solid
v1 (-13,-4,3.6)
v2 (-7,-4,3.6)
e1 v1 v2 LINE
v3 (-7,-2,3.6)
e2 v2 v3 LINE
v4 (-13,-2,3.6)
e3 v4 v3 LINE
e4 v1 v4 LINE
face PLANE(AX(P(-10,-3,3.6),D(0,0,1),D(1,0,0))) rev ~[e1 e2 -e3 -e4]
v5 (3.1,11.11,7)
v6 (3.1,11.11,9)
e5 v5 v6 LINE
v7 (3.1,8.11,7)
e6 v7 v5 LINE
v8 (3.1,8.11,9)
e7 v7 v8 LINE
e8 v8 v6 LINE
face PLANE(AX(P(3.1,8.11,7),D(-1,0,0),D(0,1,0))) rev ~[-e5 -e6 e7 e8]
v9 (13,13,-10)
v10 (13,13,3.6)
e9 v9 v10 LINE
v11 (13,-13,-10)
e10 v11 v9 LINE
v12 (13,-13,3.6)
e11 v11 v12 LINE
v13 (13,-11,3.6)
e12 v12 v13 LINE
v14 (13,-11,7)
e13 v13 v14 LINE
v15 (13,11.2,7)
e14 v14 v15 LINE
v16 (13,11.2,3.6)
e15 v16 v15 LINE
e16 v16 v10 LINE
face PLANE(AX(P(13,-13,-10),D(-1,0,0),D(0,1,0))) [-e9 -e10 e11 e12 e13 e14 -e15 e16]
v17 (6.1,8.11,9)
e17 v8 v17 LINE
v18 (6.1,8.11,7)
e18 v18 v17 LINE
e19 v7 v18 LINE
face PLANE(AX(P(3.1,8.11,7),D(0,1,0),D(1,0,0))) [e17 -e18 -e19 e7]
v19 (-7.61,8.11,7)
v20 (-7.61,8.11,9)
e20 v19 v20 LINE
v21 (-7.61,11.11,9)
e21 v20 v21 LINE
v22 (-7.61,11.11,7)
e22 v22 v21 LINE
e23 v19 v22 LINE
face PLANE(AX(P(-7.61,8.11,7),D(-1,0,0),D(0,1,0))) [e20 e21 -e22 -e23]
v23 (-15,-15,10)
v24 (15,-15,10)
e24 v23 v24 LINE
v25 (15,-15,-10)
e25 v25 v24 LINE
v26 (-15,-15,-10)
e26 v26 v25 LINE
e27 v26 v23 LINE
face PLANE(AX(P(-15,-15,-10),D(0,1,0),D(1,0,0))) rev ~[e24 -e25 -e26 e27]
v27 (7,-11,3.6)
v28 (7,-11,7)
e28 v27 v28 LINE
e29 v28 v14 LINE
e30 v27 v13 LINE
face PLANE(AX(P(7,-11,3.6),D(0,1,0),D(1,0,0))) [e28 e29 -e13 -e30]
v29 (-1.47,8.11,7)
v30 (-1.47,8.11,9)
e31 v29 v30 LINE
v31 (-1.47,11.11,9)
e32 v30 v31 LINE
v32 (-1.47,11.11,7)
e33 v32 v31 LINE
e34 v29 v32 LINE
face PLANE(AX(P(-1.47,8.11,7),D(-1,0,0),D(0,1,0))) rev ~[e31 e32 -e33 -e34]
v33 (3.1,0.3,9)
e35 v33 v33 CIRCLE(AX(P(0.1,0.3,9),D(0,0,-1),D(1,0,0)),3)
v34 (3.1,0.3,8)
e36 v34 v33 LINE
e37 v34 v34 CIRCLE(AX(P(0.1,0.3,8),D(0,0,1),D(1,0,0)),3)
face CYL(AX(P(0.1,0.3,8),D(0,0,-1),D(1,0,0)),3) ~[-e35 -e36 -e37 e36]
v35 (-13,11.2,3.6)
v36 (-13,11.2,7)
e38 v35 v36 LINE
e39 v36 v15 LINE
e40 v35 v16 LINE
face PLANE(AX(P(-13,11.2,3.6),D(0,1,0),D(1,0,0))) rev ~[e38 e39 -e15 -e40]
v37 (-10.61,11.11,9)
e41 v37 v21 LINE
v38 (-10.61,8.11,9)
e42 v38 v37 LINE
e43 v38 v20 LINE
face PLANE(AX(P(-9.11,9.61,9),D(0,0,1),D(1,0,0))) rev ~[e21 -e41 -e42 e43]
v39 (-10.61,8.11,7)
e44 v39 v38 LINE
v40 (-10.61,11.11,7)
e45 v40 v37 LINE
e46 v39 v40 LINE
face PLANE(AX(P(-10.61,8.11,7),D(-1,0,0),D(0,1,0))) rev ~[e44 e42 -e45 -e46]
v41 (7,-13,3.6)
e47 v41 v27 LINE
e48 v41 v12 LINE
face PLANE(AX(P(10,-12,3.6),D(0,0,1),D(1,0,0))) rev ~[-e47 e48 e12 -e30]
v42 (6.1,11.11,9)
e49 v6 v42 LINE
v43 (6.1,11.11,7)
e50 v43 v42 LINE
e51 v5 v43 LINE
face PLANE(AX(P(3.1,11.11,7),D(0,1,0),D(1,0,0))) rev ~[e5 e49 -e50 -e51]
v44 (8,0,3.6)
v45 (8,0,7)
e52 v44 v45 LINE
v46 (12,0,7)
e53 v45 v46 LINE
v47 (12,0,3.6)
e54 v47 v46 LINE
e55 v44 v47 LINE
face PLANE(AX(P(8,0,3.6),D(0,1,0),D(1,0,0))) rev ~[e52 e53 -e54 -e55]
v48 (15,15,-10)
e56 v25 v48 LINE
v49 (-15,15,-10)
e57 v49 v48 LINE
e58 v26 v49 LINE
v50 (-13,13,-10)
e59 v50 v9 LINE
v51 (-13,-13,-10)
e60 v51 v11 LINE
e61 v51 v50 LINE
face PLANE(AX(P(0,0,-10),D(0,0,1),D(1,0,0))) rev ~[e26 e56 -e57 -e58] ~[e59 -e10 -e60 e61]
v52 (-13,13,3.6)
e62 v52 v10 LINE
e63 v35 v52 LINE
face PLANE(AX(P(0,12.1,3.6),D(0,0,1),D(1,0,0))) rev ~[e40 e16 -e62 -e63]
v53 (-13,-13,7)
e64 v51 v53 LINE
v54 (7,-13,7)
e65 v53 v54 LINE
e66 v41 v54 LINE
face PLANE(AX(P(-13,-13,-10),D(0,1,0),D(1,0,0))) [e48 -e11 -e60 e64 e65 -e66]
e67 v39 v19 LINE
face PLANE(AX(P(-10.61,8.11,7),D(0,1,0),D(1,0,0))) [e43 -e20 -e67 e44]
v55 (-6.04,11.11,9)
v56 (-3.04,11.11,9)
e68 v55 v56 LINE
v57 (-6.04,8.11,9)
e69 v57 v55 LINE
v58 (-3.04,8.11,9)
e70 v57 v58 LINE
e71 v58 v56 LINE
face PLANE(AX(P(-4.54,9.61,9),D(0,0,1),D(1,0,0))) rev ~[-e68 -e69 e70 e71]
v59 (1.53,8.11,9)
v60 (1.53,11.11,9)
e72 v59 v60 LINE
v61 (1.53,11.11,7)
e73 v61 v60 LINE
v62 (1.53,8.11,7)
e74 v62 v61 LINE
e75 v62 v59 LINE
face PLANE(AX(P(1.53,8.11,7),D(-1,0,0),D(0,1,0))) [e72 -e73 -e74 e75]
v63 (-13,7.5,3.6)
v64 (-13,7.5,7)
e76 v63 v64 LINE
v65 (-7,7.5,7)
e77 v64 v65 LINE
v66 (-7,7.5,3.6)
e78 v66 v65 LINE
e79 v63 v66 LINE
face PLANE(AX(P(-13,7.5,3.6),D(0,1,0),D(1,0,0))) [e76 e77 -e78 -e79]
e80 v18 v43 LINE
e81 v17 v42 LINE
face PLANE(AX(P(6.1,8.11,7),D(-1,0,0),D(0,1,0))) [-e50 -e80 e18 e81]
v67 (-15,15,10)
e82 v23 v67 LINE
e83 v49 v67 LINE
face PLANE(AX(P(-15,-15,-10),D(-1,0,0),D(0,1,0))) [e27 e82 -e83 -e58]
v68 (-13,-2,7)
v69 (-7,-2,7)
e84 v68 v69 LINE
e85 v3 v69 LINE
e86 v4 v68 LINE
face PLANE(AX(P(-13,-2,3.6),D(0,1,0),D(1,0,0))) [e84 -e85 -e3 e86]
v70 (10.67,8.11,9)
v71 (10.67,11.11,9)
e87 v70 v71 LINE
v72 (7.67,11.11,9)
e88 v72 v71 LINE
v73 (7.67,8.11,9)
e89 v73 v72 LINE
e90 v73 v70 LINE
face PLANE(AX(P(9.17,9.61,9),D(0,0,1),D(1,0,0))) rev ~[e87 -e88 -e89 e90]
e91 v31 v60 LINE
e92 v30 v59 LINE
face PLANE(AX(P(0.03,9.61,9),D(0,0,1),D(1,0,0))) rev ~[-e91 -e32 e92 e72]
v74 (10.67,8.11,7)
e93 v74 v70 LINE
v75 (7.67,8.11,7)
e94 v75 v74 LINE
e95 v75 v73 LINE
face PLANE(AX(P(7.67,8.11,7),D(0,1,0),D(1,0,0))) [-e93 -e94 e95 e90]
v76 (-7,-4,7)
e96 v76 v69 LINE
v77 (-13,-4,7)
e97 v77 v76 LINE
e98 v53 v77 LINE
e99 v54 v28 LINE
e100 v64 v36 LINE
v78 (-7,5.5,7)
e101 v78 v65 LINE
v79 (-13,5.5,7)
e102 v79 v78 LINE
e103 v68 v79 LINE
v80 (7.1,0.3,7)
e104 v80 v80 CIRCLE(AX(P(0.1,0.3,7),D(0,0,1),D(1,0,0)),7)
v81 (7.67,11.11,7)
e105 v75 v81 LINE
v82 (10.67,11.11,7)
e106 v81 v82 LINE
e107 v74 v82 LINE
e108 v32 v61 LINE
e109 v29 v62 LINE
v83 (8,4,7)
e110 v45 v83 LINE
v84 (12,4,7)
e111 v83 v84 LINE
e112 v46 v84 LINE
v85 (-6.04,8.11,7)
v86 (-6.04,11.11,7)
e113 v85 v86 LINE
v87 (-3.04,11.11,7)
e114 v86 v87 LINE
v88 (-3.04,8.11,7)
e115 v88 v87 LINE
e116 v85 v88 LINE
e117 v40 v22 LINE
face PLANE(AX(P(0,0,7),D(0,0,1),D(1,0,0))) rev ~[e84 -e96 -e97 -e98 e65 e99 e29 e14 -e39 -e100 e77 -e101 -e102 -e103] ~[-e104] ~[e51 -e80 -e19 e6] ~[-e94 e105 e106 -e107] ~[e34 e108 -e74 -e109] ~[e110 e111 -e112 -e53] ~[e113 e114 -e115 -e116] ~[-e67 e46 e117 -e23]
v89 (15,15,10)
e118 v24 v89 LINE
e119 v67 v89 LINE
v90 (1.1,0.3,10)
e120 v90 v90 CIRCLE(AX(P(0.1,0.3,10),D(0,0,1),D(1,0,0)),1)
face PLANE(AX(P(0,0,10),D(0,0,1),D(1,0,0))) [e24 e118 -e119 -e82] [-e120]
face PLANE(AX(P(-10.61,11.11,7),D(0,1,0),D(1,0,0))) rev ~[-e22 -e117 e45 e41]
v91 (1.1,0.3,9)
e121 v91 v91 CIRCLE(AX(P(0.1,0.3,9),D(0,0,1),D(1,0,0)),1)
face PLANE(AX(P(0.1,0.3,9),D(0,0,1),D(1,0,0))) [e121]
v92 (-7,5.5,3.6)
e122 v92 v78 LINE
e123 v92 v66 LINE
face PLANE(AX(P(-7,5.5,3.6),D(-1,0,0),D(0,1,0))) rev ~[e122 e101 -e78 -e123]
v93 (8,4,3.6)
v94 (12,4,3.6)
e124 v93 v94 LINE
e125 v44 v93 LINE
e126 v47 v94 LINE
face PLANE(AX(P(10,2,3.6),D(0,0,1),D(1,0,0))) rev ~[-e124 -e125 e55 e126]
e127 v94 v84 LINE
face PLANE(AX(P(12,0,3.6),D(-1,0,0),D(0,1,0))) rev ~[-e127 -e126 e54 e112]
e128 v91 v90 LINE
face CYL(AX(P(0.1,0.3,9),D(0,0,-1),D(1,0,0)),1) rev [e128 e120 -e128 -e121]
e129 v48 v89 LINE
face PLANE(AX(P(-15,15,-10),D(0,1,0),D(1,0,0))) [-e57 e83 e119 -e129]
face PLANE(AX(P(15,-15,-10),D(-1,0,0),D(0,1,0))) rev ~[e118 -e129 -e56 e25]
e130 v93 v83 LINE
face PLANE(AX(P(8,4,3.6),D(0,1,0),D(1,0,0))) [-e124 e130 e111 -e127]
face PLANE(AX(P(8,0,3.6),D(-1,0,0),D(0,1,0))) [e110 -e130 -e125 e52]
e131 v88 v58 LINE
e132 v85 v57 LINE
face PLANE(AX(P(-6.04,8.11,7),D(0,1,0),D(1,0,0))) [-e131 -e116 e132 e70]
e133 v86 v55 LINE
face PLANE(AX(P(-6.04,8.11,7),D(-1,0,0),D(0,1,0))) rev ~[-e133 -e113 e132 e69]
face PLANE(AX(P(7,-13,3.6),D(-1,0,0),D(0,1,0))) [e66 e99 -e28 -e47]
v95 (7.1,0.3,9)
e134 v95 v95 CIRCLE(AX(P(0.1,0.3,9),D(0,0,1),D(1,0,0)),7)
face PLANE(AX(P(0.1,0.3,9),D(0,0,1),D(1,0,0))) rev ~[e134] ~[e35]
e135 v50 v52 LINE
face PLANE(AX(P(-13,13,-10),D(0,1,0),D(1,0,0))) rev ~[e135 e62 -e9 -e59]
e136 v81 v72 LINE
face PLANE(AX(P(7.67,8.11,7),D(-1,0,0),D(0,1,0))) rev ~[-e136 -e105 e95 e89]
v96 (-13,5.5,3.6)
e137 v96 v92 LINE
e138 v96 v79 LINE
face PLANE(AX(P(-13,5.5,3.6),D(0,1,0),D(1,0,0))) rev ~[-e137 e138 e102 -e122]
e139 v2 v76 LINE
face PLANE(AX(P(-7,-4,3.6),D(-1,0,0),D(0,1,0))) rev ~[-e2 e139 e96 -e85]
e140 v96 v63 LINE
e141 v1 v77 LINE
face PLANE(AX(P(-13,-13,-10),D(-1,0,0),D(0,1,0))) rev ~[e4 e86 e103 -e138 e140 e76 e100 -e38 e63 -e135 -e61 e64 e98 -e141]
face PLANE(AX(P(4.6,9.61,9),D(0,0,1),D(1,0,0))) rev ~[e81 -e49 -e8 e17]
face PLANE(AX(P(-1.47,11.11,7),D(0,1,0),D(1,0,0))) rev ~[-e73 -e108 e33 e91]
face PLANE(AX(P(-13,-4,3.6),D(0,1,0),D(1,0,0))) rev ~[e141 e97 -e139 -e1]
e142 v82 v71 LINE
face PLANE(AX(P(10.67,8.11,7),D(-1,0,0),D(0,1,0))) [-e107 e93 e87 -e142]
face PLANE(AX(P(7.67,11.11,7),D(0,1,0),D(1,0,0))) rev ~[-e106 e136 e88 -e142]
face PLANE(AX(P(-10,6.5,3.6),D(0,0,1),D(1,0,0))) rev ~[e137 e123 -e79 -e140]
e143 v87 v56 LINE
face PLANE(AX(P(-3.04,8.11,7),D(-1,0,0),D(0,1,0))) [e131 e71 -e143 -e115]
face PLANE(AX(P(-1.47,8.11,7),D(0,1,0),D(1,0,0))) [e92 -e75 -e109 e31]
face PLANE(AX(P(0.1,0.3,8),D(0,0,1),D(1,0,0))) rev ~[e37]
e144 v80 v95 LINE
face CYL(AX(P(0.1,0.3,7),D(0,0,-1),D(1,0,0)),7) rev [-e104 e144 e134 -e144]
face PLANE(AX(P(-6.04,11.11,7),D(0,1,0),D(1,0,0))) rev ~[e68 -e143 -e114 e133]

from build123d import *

# Parameters (mm, degrees)
CYLINDER002_R     = 1
CYLINDER002_DEPTH = 1
BOX006_W          = 3
BOX006_H          = 3
BOX006_DEPTH      = 2
BOX005_W          = 3
BOX005_H          = 3
BOX005_DEPTH      = 2
BOX003_W          = 3
BOX003_H          = 3
BOX003_DEPTH      = 2
BOX004_W          = 3
BOX004_H          = 3
BOX004_DEPTH      = 2
BOX002_W          = 3
BOX002_H          = 3
BOX002_DEPTH      = 2
CYLINDER_R        = 7
CYLINDER_DEPTH    = 2
BOX_W             = 26
BOX_H             = 26
BOX_DEPTH         = 17
BOX001_W          = 30
BOX001_H          = 30
BOX001_DEPTH      = 20
CYLINDER001_R     = 3
CYLINDER001_DEPTH = 2
BOX010_W          = 6
BOX010_H          = 2
BOX010_DEPTH      = 3.4
BOX008_W          = 4
BOX008_H          = 4
BOX008_DEPTH      = 3.4
BOX007_W          = 26
BOX007_H          = 1.8
BOX007_DEPTH      = 3.4
BOX009_W          = 6
BOX009_H          = 2
BOX009_DEPTH      = 3.4
BOX011_W          = 6
BOX011_H          = 2
BOX011_DEPTH      = 3.4


with BuildPart() as buttouch001:
    # Cylinder002 → Cylinder002 (new body)
    with BuildSketch(Plane(origin=(0.1, 0.3, 9), x_dir=(1, 0, 0), z_dir=(0, 0, 1))):
        Circle(CYLINDER002_R)
    extrude(amount=CYLINDER002_DEPTH)


with BuildPart() as l5:
    # Box006 → Box006 (new body)
    with BuildSketch(Plane(origin=(7.67, 8.11, 7), x_dir=(1, 0, 0), z_dir=(0, 0, 1))):
        with Locations((1.5, 1.5)):
            Rectangle(BOX006_W, BOX006_H)
    extrude(amount=BOX006_DEPTH)


with BuildPart() as l4:
    # Box005 → Box005 (new body)
    with BuildSketch(Plane(origin=(3.1, 8.11, 7), x_dir=(1, 0, 0), z_dir=(0, 0, 1))):
        with Locations((1.5, 1.5)):
            Rectangle(BOX005_W, BOX005_H)
    extrude(amount=BOX005_DEPTH)


with BuildPart() as l2:
    # Box003 → Box003 (new body)
    with BuildSketch(Plane(origin=(-6.04, 8.11, 7), x_dir=(1, 0, 0), z_dir=(0, 0, 1))):
        with Locations((1.5, 1.5)):
            Rectangle(BOX003_W, BOX003_H)
    extrude(amount=BOX003_DEPTH)


with BuildPart() as l3:
    # Box004 → Box004 (new body)
    with BuildSketch(Plane(origin=(-1.47, 8.11, 7), x_dir=(1, 0, 0), z_dir=(0, 0, 1))):
        with Locations((1.5, 1.5)):
            Rectangle(BOX004_W, BOX004_H)
    extrude(amount=BOX004_DEPTH)


with BuildPart() as fusion:
    # Box002 → Box002 (new body)
    with BuildSketch(Plane(origin=(-10.61, 8.11, 7), x_dir=(1, 0, 0), z_dir=(0, 0, 1))):
        with Locations((1.5, 1.5)):
            Rectangle(BOX002_W, BOX002_H)
    extrude(amount=BOX002_DEPTH)

    # Fusion: union L5, L4, L2, L3
    add(l5.part)
    add(l4.part)
    add(l2.part)
    add(l3.part)


with BuildPart() as but:
    # Cylinder → Cylinder (new body)
    with BuildSketch(Plane(origin=(0.1, 0.3, 7), x_dir=(1, 0, 0), z_dir=(0, 0, 1))):
        Circle(CYLINDER_R)
    extrude(amount=CYLINDER_DEPTH)


with BuildPart() as maininside:
    # Box → Box (new body)
    with BuildSketch(Plane(origin=(-13, -13, -10), x_dir=(1, 0, 0), z_dir=(0, 0, 1))):
        with Locations((13, 13)):
            Rectangle(BOX_W, BOX_H)
    extrude(amount=BOX_DEPTH)


with BuildPart() as cut002:
    # Box001 → Box001 (new body)
    with BuildSketch(Plane(origin=(-15, -15, -10), x_dir=(1, 0, 0), z_dir=(0, 0, 1))):
        with Locations((15, 15)):
            Rectangle(BOX001_W, BOX001_H)
    extrude(amount=BOX001_DEPTH)

    # Cut: cut MainInside
    add(maininside.part, mode=Mode.SUBTRACT)

    # Cut001: cut But
    add(but.part, mode=Mode.SUBTRACT)

    # Cut002: cut Fusion
    add(fusion.part, mode=Mode.SUBTRACT)


with BuildPart() as cut003:
    # Cylinder001 → Cylinder001 (new body)
    with BuildSketch(Plane(origin=(0.1, 0.3, 8), x_dir=(1, 0, 0), z_dir=(0, 0, 1))):
        Circle(CYLINDER001_R)
    extrude(amount=CYLINDER001_DEPTH)

    # Fusion001: union Cut002
    add(cut002.part)

    # Cut003: cut ButTouch001
    add(buttouch001.part, mode=Mode.SUBTRACT)


with BuildPart() as cubedestek4:
    # Box010 → Box010 (new body)
    with BuildSketch(Plane(origin=(-13, 5.5, 3.6), x_dir=(1, 0, 0), z_dir=(0, 0, 1))):
        with Locations((3, 1)):
            Rectangle(BOX010_W, BOX010_H)
    extrude(amount=BOX010_DEPTH)


with BuildPart() as cubedestek2:
    # Box008 → Box008 (new body)
    with BuildSketch(Plane(origin=(8, 0, 3.6), x_dir=(1, 0, 0), z_dir=(0, 0, 1))):
        with Locations((2, 2)):
            Rectangle(BOX008_W, BOX008_H)
    extrude(amount=BOX008_DEPTH)


with BuildPart() as cubedestek:
    # Box007 → Box007 (new body)
    with BuildSketch(Plane(origin=(-13, 11.2, 3.6), x_dir=(1, 0, 0), z_dir=(0, 0, 1))):
        with Locations((13, 0.9)):
            Rectangle(BOX007_W, BOX007_H)
    extrude(amount=BOX007_DEPTH)


with BuildPart() as cubedestek3:
    # Box009 → Box009 (new body)
    with BuildSketch(Plane(origin=(-13, -4, 3.6), x_dir=(1, 0, 0), z_dir=(0, 0, 1))):
        with Locations((3, 1)):
            Rectangle(BOX009_W, BOX009_H)
    extrude(amount=BOX009_DEPTH)


with BuildPart() as fusion003:
    # Box011 → Box011 (new body)
    with BuildSketch(Plane(origin=(7, -13, 3.6), x_dir=(1, 0, 0), z_dir=(0, 0, 1))):
        with Locations((3, 1)):
            Rectangle(BOX011_W, BOX011_H)
    extrude(amount=BOX011_DEPTH)

    # Fusion002: union CubeDestek4, CubeDestek2, CubeDestek, CubeDestek3
    add(cubedestek4.part)
    add(cubedestek2.part)
    add(cubedestek.part)
    add(cubedestek3.part)

    # Fusion003: union Cut003
    add(cut003.part)


solid = fusion003.part
